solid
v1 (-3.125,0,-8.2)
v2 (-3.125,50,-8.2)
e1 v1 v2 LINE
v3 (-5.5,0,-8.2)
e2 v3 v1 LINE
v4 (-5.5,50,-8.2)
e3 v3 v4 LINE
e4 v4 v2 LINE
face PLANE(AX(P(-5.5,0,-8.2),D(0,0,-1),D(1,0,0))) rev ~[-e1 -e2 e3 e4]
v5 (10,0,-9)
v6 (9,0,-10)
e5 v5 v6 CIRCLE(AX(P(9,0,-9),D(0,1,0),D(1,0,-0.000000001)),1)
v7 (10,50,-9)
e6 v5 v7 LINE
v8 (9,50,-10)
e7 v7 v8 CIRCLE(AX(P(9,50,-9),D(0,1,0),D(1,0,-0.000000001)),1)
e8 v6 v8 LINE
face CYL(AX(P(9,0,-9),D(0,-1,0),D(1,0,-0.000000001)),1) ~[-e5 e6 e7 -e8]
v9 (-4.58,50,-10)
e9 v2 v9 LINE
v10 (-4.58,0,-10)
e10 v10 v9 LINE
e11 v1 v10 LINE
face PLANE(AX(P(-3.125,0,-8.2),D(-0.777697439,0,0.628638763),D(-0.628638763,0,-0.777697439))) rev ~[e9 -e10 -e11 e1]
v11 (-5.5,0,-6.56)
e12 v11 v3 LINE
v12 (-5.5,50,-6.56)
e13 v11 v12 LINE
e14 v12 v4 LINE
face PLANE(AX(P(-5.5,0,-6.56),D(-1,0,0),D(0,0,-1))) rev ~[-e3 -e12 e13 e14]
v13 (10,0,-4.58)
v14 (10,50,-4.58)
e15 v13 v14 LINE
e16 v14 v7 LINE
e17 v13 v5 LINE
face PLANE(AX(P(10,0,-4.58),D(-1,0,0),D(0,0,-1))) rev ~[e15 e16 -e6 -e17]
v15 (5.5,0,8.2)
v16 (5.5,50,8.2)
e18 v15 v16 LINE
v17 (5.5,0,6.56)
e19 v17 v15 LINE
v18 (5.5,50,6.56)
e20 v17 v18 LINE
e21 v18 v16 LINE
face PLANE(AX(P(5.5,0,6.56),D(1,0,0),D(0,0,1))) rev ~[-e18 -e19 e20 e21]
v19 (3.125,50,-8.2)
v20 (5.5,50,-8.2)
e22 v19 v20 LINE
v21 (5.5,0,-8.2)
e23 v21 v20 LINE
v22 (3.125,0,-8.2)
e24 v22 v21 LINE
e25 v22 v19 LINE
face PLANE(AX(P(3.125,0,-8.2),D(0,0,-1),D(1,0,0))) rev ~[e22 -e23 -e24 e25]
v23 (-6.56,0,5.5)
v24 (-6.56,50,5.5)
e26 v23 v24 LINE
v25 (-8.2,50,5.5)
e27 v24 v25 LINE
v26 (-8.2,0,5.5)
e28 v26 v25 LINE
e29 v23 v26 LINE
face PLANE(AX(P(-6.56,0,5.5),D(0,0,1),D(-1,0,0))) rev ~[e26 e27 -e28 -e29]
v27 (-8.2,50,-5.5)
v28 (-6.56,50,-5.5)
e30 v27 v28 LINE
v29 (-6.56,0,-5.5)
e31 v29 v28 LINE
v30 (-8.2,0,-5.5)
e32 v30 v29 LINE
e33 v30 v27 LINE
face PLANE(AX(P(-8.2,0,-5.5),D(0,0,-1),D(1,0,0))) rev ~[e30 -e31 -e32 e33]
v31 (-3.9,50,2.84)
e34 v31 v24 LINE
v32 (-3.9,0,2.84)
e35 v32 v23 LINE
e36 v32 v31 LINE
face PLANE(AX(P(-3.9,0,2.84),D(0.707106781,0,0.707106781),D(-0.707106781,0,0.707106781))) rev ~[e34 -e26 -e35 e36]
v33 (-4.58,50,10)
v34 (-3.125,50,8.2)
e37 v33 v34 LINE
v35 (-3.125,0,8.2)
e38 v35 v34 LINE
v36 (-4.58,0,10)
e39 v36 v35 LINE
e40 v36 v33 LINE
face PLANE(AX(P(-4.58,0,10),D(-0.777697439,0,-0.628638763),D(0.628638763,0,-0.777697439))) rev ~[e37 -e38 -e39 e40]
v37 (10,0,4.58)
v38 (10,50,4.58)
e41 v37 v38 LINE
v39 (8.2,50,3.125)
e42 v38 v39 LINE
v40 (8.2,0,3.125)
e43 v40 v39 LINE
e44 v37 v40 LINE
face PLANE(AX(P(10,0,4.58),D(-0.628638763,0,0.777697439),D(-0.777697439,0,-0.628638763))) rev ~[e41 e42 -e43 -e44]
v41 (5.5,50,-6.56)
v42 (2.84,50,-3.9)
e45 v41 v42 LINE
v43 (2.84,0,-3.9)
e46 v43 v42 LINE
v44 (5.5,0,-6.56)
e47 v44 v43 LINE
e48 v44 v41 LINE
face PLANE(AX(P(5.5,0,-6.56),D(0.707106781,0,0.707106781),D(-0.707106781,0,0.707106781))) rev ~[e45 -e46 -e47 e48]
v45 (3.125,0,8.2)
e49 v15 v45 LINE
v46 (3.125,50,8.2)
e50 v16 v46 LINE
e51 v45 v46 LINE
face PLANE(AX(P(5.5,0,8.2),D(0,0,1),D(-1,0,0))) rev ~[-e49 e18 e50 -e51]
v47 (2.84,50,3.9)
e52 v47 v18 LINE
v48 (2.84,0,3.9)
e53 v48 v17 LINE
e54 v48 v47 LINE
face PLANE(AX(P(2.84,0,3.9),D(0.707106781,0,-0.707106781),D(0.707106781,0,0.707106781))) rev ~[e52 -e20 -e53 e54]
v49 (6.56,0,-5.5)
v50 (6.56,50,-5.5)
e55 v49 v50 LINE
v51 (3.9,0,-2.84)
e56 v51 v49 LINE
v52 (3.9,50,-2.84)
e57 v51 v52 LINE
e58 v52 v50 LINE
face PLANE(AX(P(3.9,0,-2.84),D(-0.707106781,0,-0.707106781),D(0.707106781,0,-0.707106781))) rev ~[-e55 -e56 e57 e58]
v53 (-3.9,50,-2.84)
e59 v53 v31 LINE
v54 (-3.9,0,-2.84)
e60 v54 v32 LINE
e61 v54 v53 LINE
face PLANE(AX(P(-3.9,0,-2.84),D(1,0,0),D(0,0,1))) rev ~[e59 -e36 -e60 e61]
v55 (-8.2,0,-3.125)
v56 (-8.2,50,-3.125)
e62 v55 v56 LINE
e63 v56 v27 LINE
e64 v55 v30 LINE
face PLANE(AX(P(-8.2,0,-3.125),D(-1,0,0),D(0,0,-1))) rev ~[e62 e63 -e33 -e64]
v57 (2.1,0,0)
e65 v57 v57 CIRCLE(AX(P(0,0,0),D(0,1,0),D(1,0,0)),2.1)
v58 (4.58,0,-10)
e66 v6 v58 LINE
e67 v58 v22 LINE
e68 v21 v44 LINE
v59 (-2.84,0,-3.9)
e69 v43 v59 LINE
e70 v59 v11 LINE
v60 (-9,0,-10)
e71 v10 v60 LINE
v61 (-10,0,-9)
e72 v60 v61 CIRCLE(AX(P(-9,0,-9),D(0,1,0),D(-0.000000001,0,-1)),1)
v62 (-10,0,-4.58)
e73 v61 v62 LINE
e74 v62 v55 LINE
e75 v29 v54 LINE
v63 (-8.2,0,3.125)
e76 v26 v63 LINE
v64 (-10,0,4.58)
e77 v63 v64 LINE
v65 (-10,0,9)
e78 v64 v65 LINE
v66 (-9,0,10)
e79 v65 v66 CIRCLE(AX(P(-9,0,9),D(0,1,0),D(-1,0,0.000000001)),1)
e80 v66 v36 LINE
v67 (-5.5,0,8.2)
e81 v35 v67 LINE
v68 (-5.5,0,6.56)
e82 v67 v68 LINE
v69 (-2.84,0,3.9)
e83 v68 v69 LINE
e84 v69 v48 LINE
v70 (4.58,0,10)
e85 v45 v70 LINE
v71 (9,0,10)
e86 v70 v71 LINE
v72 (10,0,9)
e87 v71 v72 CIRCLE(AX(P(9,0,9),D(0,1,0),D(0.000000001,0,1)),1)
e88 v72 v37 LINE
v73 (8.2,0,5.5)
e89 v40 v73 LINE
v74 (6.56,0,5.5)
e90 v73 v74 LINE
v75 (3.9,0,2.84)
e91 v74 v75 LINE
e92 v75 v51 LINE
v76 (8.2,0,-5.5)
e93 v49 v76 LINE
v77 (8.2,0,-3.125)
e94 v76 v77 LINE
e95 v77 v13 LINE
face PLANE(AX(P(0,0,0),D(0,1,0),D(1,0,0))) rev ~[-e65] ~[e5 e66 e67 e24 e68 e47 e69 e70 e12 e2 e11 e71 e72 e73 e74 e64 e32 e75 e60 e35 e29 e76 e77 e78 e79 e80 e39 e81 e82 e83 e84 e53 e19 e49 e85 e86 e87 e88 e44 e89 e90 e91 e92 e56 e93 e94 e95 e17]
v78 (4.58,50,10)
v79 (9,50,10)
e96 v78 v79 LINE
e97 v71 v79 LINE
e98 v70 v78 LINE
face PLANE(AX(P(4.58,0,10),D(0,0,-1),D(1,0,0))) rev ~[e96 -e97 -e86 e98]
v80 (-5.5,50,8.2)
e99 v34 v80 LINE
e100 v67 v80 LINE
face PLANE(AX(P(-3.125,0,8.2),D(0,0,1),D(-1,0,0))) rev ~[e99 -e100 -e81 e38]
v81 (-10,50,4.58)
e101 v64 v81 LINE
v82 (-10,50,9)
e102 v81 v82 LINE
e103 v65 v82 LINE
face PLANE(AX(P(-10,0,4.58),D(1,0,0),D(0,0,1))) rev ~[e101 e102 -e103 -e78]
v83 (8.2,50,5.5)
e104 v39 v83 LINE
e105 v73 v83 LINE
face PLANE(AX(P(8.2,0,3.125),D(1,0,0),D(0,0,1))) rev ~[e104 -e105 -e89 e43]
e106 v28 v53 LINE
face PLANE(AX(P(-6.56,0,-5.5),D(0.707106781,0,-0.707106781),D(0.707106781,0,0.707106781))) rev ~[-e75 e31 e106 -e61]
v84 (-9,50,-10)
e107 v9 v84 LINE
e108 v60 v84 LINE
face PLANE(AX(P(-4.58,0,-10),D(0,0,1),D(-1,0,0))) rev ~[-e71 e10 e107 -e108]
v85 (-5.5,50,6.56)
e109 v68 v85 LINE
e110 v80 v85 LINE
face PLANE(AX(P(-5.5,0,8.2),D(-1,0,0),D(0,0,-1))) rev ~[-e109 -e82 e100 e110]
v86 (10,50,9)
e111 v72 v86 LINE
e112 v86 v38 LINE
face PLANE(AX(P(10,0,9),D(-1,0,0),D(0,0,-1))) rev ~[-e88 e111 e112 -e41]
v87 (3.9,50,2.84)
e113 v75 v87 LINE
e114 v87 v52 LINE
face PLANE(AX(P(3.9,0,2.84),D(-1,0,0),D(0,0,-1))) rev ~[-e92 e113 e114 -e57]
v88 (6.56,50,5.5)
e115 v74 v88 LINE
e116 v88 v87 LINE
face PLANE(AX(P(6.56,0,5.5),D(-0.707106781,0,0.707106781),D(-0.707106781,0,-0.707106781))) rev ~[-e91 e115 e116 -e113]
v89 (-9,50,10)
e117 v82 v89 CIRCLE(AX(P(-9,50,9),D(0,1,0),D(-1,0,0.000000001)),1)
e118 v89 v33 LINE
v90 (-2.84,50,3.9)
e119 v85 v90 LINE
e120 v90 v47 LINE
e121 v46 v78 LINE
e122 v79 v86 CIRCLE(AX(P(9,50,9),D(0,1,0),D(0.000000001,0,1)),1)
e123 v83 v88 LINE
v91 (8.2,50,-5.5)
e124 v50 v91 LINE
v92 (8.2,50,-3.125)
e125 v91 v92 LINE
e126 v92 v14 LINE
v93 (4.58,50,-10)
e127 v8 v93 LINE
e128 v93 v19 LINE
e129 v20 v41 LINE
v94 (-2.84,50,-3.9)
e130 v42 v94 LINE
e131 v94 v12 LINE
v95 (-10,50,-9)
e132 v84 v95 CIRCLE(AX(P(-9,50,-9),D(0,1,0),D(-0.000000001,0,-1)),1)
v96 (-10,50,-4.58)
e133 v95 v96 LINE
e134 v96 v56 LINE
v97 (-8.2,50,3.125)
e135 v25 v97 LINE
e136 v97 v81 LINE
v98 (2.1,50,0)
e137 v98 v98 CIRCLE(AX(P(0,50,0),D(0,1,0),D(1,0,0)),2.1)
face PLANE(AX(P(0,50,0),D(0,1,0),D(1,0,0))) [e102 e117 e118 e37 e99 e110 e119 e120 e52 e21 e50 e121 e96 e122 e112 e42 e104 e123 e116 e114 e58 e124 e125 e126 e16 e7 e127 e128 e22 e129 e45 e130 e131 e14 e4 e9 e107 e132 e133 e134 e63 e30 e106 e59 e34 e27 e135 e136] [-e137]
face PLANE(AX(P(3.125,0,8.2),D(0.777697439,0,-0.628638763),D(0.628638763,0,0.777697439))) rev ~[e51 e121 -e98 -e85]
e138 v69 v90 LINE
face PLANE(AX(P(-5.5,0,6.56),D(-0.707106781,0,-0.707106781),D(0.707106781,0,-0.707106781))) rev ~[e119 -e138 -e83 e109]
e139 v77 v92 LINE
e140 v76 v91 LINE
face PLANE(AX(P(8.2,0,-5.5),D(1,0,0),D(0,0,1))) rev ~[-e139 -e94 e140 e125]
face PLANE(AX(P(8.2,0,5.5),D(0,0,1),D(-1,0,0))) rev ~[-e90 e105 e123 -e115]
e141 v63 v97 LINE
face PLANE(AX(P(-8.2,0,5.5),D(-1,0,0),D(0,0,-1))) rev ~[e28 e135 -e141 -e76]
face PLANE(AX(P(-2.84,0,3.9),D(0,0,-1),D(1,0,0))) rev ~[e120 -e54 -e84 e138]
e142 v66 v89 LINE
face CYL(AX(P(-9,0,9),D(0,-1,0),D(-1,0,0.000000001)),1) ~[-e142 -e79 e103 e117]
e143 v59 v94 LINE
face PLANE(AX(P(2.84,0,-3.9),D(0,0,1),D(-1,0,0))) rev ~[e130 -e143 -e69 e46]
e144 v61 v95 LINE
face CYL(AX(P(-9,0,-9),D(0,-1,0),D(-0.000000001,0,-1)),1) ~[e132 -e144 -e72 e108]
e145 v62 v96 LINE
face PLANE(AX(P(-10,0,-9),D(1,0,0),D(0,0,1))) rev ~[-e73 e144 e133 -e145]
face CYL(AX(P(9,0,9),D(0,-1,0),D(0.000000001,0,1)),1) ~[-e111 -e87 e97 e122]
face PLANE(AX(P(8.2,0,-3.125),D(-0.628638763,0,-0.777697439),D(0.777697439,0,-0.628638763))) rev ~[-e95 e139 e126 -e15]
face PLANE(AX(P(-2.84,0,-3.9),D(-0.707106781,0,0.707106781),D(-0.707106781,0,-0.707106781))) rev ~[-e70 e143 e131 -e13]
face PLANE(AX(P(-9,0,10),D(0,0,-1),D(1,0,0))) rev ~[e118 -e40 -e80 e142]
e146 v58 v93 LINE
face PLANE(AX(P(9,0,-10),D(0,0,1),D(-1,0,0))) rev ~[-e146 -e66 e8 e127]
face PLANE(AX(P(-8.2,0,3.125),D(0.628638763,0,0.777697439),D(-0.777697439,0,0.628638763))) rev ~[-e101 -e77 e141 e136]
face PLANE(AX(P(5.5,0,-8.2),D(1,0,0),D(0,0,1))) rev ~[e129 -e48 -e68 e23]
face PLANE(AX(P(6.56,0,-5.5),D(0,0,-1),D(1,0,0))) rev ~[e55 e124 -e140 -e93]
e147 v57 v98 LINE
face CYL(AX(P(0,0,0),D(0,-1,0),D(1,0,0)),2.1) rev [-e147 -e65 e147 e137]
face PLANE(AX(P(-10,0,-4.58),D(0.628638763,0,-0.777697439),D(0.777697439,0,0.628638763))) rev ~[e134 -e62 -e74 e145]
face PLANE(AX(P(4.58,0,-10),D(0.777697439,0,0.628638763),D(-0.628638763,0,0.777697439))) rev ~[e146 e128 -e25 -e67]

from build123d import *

# Parameters (mm, degrees)
SKETCH1_R           = 2.1
BOSS_EXTRUDE1_DEPTH = 50


with BuildPart() as part:
    # Sketch1 → Boss-Extrude1 (new body)
    with BuildSketch(Plane(origin=(0, 0, 0), x_dir=(1, 0, 0), z_dir=(0, 1, 0))):
        with BuildLine():
            Line((-5.5, 8.2), (-3.125, 8.2))
            Line((-3.125, 8.2), (-4.58, 10))
            Line((-4.58, 10), (-9, 10))
            ThreePointArc((-9, 10), (-9.707106781, 9.707106781), (-10, 9))
            Line((-10, 9), (-10, 4.58))
            Line((-10, 4.58), (-8.2, 3.125))
            Line((-8.2, 3.125), (-8.2, 5.5))
            Line((-8.2, 5.5), (-6.56, 5.5))
            Line((-6.56, 5.5), (-3.9, 2.84))
            Line((-3.9, 2.84), (-3.9, -2.84))
            Line((-3.9, -2.84), (-6.56, -5.5))
            Line((-6.56, -5.5), (-8.2, -5.5))
            Line((-8.2, -5.5), (-8.2, -3.125))
            Line((-8.2, -3.125), (-10, -4.58))
            Line((-10, -4.58), (-10, -9))
            ThreePointArc((-10, -9), (-9.707106781, -9.707106781), (-9, -10))
            Line((-9, -10), (-4.58, -10))
            Line((-4.58, -10), (-3.125, -8.2))
            Line((-3.125, -8.2), (-5.5, -8.2))
            Line((-5.5, -8.2), (-5.5, -6.56))
            Line((-5.5, -6.56), (-2.84, -3.9))
            Line((-2.84, -3.9), (2.84, -3.9))
            Line((2.84, -3.9), (5.5, -6.56))
            Line((5.5, -6.56), (5.5, -8.2))
            Line((5.5, -8.2), (3.125, -8.2))
            Line((3.125, -8.2), (4.58, -10))
            Line((4.58, -10), (9, -10))
            ThreePointArc((9, -10), (9.707106781, -9.707106781), (10, -9))
            Line((10, -9), (10, -4.58))
            Line((10, -4.58), (8.2, -3.125))
            Line((8.2, -3.125), (8.2, -5.5))
            Line((8.2, -5.5), (6.56, -5.5))
            Line((6.56, -5.5), (3.9, -2.84))
            Line((3.9, -2.84), (3.9, 2.84))
            Line((3.9, 2.84), (6.56, 5.5))
            Line((6.56, 5.5), (8.2, 5.5))
            Line((8.2, 5.5), (8.2, 3.125))
            Line((8.2, 3.125), (10, 4.58))
            Line((10, 4.58), (10, 9))
            ThreePointArc((10, 9), (9.707106781, 9.707106781), (9, 10))
            Line((9, 10), (4.58, 10))
            Line((4.58, 10), (3.125, 8.2))
            Line((3.125, 8.2), (5.5, 8.2))
            Line((5.5, 8.2), (5.5, 6.56))
            Line((5.5, 6.56), (2.84, 3.9))
            Line((2.84, 3.9), (-2.84, 3.9))
            Line((-2.84, 3.9), (-5.5, 6.56))
            Line((-5.5, 6.56), (-5.5, 8.2))
        make_face()
        Circle(SKETCH1_R, mode=Mode.SUBTRACT)
    extrude(amount=BOSS_EXTRUDE1_DEPTH)


solid = part.part
